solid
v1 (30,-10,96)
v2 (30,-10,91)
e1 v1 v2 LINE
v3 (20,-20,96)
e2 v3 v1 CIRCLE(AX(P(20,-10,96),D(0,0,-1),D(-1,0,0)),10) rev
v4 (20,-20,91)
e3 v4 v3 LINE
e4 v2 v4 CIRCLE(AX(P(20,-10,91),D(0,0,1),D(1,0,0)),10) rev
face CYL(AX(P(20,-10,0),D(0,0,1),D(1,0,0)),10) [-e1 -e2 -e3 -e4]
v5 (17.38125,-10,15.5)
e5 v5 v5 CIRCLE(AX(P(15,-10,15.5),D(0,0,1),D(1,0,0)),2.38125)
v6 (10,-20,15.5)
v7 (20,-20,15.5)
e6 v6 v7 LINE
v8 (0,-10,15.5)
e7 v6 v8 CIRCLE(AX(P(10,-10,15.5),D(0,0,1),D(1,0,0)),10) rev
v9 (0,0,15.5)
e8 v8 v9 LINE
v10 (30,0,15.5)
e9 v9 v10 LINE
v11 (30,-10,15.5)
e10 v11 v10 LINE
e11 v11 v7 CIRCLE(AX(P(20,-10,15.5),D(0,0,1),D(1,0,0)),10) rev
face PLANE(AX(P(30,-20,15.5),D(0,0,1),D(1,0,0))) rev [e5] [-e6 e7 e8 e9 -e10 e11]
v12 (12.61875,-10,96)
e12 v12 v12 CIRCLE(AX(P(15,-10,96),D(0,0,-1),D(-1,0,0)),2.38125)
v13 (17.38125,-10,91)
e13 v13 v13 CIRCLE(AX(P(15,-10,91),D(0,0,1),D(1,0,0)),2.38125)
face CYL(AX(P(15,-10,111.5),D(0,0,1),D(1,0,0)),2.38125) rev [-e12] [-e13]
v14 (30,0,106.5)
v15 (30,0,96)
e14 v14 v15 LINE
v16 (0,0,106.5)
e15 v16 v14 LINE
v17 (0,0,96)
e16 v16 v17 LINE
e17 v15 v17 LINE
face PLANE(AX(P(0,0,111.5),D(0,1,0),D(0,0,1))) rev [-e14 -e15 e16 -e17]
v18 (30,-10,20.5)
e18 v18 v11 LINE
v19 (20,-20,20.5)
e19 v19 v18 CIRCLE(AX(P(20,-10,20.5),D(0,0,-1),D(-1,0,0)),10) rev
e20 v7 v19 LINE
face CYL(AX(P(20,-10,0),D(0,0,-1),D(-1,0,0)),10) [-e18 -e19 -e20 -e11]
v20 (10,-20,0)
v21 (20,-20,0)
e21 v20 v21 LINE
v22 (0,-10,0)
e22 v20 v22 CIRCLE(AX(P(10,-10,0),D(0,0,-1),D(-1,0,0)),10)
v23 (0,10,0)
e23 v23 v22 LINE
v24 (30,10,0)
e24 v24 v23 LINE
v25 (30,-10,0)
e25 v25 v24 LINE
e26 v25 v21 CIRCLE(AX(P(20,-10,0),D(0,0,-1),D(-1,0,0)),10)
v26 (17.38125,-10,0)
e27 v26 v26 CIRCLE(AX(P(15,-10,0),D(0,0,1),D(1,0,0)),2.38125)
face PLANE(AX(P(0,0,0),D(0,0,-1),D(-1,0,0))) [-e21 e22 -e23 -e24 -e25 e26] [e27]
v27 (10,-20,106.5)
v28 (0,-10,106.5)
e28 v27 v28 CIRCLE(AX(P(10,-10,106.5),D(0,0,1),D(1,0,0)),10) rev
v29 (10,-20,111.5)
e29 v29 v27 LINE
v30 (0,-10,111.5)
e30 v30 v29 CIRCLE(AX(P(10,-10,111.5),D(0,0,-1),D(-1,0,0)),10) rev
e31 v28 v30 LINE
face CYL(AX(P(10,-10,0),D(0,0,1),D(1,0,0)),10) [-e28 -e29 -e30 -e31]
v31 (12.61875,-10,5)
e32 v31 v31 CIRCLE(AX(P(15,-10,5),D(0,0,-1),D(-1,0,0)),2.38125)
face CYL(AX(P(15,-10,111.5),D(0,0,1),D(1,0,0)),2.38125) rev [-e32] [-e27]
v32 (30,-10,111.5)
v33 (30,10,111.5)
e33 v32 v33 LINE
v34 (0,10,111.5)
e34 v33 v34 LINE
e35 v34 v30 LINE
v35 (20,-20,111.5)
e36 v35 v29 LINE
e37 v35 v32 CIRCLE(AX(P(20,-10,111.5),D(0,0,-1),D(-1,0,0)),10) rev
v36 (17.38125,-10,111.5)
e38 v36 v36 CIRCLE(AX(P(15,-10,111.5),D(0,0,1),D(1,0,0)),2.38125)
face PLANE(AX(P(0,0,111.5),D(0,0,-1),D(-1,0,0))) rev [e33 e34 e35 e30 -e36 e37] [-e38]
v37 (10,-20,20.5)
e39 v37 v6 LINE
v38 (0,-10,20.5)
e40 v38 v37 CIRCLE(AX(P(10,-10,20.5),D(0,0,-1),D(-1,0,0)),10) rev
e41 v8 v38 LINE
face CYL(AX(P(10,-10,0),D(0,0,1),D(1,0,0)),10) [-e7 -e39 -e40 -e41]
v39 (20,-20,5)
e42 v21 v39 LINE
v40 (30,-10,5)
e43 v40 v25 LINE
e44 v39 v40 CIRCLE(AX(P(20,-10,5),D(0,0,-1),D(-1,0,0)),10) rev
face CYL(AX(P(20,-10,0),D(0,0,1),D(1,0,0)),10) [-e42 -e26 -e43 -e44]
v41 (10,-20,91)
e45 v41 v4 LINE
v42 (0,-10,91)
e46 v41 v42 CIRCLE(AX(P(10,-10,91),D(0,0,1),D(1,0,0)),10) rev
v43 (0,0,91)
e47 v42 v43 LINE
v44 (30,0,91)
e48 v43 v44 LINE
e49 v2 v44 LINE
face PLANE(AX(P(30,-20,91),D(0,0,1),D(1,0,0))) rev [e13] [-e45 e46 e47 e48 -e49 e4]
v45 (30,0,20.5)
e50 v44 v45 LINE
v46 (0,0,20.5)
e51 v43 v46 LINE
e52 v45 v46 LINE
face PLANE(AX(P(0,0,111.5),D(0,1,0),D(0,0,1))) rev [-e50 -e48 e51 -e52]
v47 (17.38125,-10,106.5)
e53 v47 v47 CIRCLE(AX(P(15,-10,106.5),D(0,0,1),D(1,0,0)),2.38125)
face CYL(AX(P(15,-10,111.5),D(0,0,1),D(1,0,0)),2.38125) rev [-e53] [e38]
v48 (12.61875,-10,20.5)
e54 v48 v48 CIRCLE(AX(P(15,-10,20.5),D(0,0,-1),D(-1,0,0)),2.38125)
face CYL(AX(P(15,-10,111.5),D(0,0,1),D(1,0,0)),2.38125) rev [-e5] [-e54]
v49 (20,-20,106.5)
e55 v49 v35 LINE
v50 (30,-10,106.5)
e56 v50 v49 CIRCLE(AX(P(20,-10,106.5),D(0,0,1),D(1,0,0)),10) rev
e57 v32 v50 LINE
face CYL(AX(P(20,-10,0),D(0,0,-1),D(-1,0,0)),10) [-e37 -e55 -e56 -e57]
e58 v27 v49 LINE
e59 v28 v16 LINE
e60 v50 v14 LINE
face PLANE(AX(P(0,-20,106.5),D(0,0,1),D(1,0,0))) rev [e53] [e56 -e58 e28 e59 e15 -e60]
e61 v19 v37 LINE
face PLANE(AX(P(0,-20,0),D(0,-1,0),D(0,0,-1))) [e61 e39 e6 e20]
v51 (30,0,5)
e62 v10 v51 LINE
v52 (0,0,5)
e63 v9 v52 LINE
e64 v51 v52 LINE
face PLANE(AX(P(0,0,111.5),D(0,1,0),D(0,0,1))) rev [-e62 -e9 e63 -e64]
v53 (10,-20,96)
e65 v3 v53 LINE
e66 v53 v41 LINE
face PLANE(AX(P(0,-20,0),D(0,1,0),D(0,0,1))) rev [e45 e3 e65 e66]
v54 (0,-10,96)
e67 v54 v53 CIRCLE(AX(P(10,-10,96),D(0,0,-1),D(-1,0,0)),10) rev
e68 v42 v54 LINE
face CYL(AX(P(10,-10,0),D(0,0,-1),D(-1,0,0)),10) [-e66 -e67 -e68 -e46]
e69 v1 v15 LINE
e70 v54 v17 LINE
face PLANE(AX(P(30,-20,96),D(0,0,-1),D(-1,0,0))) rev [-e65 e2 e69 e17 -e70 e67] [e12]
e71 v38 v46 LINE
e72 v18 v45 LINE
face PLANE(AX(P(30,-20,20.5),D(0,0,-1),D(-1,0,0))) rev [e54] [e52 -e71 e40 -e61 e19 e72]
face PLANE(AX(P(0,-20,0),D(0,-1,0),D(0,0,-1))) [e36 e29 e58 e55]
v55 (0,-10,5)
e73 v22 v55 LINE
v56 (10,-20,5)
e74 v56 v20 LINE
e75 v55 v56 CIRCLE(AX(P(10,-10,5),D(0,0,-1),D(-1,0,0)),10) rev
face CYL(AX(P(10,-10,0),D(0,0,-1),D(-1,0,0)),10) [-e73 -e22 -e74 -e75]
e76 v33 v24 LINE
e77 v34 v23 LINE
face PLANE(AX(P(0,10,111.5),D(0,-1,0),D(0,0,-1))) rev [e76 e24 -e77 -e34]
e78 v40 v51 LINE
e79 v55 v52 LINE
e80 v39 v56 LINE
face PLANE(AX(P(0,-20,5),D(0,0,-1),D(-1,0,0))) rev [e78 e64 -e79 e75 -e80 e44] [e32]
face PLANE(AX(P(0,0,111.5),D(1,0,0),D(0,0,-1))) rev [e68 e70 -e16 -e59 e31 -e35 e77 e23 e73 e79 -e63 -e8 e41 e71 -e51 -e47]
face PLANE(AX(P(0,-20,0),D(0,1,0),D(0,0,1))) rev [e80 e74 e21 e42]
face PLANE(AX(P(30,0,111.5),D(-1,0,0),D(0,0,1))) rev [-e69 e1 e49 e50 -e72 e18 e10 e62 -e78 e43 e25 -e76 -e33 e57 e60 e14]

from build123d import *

# Parameters (mm, degrees)
ESQUISSE1_W                             = 30
ESQUISSE1_H                             = 10
BOSS_EXTRU_1_DEPTH                      = 111.5
ESQUISSE2_W                             = 30
ESQUISSE2_H                             = 5
BOSS_EXTRU_2_DEPTH                      = 20
PER_AGE_POUR_CROUS_AUTO_BLOQUANTS_300_D = 4.7625
CONG_1_R                                = 10


with BuildPart() as part:
    # Esquisse1 → Boss.-Extru.1 (new body)
    with BuildSketch(Plane.XY):
        with Locations((15, 5)):
            Rectangle(ESQUISSE1_W, ESQUISSE1_H)
    extrude(amount=BOSS_EXTRU_1_DEPTH)

    # Esquisse2 → Boss.-Extru.2 (add)
    with BuildSketch(Plane.XZ):
        with Locations((15, 2.5)):
            Rectangle(ESQUISSE2_W, ESQUISSE2_H)
        with Locations((15, 18)):
            Rectangle(ESQUISSE2_W, ESQUISSE2_H)
        with Locations((15, 109)):
            Rectangle(ESQUISSE2_W, ESQUISSE2_H)
        with Locations((15, 93.5)):
            Rectangle(ESQUISSE2_W, ESQUISSE2_H)
    extrude(amount=BOSS_EXTRU_2_DEPTH)

    # Perçage pour écrous auto-bloquants 300® #6 (SP)1 (through all)
    with Locations(Plane.XY.offset(111.5)):
        with Locations((15, -10)):
            Hole(PER_AGE_POUR_CROUS_AUTO_BLOQUANTS_300_D / 2)

    # Congé1
    cong_1_edges = [part.edges().sort_by_distance(p)[0] for p in [
        (0, -20, 2.5),
        (30, -20, 2.5),
        (30, -20, 18),
        (0, -20, 18),
        (0, -20, 109),
        (30, -20, 109),
        (30, -20, 93.5),
        (0, -20, 93.5),
    ]]
    fillet(cong_1_edges, radius=CONG_1_R)


solid = part.part
